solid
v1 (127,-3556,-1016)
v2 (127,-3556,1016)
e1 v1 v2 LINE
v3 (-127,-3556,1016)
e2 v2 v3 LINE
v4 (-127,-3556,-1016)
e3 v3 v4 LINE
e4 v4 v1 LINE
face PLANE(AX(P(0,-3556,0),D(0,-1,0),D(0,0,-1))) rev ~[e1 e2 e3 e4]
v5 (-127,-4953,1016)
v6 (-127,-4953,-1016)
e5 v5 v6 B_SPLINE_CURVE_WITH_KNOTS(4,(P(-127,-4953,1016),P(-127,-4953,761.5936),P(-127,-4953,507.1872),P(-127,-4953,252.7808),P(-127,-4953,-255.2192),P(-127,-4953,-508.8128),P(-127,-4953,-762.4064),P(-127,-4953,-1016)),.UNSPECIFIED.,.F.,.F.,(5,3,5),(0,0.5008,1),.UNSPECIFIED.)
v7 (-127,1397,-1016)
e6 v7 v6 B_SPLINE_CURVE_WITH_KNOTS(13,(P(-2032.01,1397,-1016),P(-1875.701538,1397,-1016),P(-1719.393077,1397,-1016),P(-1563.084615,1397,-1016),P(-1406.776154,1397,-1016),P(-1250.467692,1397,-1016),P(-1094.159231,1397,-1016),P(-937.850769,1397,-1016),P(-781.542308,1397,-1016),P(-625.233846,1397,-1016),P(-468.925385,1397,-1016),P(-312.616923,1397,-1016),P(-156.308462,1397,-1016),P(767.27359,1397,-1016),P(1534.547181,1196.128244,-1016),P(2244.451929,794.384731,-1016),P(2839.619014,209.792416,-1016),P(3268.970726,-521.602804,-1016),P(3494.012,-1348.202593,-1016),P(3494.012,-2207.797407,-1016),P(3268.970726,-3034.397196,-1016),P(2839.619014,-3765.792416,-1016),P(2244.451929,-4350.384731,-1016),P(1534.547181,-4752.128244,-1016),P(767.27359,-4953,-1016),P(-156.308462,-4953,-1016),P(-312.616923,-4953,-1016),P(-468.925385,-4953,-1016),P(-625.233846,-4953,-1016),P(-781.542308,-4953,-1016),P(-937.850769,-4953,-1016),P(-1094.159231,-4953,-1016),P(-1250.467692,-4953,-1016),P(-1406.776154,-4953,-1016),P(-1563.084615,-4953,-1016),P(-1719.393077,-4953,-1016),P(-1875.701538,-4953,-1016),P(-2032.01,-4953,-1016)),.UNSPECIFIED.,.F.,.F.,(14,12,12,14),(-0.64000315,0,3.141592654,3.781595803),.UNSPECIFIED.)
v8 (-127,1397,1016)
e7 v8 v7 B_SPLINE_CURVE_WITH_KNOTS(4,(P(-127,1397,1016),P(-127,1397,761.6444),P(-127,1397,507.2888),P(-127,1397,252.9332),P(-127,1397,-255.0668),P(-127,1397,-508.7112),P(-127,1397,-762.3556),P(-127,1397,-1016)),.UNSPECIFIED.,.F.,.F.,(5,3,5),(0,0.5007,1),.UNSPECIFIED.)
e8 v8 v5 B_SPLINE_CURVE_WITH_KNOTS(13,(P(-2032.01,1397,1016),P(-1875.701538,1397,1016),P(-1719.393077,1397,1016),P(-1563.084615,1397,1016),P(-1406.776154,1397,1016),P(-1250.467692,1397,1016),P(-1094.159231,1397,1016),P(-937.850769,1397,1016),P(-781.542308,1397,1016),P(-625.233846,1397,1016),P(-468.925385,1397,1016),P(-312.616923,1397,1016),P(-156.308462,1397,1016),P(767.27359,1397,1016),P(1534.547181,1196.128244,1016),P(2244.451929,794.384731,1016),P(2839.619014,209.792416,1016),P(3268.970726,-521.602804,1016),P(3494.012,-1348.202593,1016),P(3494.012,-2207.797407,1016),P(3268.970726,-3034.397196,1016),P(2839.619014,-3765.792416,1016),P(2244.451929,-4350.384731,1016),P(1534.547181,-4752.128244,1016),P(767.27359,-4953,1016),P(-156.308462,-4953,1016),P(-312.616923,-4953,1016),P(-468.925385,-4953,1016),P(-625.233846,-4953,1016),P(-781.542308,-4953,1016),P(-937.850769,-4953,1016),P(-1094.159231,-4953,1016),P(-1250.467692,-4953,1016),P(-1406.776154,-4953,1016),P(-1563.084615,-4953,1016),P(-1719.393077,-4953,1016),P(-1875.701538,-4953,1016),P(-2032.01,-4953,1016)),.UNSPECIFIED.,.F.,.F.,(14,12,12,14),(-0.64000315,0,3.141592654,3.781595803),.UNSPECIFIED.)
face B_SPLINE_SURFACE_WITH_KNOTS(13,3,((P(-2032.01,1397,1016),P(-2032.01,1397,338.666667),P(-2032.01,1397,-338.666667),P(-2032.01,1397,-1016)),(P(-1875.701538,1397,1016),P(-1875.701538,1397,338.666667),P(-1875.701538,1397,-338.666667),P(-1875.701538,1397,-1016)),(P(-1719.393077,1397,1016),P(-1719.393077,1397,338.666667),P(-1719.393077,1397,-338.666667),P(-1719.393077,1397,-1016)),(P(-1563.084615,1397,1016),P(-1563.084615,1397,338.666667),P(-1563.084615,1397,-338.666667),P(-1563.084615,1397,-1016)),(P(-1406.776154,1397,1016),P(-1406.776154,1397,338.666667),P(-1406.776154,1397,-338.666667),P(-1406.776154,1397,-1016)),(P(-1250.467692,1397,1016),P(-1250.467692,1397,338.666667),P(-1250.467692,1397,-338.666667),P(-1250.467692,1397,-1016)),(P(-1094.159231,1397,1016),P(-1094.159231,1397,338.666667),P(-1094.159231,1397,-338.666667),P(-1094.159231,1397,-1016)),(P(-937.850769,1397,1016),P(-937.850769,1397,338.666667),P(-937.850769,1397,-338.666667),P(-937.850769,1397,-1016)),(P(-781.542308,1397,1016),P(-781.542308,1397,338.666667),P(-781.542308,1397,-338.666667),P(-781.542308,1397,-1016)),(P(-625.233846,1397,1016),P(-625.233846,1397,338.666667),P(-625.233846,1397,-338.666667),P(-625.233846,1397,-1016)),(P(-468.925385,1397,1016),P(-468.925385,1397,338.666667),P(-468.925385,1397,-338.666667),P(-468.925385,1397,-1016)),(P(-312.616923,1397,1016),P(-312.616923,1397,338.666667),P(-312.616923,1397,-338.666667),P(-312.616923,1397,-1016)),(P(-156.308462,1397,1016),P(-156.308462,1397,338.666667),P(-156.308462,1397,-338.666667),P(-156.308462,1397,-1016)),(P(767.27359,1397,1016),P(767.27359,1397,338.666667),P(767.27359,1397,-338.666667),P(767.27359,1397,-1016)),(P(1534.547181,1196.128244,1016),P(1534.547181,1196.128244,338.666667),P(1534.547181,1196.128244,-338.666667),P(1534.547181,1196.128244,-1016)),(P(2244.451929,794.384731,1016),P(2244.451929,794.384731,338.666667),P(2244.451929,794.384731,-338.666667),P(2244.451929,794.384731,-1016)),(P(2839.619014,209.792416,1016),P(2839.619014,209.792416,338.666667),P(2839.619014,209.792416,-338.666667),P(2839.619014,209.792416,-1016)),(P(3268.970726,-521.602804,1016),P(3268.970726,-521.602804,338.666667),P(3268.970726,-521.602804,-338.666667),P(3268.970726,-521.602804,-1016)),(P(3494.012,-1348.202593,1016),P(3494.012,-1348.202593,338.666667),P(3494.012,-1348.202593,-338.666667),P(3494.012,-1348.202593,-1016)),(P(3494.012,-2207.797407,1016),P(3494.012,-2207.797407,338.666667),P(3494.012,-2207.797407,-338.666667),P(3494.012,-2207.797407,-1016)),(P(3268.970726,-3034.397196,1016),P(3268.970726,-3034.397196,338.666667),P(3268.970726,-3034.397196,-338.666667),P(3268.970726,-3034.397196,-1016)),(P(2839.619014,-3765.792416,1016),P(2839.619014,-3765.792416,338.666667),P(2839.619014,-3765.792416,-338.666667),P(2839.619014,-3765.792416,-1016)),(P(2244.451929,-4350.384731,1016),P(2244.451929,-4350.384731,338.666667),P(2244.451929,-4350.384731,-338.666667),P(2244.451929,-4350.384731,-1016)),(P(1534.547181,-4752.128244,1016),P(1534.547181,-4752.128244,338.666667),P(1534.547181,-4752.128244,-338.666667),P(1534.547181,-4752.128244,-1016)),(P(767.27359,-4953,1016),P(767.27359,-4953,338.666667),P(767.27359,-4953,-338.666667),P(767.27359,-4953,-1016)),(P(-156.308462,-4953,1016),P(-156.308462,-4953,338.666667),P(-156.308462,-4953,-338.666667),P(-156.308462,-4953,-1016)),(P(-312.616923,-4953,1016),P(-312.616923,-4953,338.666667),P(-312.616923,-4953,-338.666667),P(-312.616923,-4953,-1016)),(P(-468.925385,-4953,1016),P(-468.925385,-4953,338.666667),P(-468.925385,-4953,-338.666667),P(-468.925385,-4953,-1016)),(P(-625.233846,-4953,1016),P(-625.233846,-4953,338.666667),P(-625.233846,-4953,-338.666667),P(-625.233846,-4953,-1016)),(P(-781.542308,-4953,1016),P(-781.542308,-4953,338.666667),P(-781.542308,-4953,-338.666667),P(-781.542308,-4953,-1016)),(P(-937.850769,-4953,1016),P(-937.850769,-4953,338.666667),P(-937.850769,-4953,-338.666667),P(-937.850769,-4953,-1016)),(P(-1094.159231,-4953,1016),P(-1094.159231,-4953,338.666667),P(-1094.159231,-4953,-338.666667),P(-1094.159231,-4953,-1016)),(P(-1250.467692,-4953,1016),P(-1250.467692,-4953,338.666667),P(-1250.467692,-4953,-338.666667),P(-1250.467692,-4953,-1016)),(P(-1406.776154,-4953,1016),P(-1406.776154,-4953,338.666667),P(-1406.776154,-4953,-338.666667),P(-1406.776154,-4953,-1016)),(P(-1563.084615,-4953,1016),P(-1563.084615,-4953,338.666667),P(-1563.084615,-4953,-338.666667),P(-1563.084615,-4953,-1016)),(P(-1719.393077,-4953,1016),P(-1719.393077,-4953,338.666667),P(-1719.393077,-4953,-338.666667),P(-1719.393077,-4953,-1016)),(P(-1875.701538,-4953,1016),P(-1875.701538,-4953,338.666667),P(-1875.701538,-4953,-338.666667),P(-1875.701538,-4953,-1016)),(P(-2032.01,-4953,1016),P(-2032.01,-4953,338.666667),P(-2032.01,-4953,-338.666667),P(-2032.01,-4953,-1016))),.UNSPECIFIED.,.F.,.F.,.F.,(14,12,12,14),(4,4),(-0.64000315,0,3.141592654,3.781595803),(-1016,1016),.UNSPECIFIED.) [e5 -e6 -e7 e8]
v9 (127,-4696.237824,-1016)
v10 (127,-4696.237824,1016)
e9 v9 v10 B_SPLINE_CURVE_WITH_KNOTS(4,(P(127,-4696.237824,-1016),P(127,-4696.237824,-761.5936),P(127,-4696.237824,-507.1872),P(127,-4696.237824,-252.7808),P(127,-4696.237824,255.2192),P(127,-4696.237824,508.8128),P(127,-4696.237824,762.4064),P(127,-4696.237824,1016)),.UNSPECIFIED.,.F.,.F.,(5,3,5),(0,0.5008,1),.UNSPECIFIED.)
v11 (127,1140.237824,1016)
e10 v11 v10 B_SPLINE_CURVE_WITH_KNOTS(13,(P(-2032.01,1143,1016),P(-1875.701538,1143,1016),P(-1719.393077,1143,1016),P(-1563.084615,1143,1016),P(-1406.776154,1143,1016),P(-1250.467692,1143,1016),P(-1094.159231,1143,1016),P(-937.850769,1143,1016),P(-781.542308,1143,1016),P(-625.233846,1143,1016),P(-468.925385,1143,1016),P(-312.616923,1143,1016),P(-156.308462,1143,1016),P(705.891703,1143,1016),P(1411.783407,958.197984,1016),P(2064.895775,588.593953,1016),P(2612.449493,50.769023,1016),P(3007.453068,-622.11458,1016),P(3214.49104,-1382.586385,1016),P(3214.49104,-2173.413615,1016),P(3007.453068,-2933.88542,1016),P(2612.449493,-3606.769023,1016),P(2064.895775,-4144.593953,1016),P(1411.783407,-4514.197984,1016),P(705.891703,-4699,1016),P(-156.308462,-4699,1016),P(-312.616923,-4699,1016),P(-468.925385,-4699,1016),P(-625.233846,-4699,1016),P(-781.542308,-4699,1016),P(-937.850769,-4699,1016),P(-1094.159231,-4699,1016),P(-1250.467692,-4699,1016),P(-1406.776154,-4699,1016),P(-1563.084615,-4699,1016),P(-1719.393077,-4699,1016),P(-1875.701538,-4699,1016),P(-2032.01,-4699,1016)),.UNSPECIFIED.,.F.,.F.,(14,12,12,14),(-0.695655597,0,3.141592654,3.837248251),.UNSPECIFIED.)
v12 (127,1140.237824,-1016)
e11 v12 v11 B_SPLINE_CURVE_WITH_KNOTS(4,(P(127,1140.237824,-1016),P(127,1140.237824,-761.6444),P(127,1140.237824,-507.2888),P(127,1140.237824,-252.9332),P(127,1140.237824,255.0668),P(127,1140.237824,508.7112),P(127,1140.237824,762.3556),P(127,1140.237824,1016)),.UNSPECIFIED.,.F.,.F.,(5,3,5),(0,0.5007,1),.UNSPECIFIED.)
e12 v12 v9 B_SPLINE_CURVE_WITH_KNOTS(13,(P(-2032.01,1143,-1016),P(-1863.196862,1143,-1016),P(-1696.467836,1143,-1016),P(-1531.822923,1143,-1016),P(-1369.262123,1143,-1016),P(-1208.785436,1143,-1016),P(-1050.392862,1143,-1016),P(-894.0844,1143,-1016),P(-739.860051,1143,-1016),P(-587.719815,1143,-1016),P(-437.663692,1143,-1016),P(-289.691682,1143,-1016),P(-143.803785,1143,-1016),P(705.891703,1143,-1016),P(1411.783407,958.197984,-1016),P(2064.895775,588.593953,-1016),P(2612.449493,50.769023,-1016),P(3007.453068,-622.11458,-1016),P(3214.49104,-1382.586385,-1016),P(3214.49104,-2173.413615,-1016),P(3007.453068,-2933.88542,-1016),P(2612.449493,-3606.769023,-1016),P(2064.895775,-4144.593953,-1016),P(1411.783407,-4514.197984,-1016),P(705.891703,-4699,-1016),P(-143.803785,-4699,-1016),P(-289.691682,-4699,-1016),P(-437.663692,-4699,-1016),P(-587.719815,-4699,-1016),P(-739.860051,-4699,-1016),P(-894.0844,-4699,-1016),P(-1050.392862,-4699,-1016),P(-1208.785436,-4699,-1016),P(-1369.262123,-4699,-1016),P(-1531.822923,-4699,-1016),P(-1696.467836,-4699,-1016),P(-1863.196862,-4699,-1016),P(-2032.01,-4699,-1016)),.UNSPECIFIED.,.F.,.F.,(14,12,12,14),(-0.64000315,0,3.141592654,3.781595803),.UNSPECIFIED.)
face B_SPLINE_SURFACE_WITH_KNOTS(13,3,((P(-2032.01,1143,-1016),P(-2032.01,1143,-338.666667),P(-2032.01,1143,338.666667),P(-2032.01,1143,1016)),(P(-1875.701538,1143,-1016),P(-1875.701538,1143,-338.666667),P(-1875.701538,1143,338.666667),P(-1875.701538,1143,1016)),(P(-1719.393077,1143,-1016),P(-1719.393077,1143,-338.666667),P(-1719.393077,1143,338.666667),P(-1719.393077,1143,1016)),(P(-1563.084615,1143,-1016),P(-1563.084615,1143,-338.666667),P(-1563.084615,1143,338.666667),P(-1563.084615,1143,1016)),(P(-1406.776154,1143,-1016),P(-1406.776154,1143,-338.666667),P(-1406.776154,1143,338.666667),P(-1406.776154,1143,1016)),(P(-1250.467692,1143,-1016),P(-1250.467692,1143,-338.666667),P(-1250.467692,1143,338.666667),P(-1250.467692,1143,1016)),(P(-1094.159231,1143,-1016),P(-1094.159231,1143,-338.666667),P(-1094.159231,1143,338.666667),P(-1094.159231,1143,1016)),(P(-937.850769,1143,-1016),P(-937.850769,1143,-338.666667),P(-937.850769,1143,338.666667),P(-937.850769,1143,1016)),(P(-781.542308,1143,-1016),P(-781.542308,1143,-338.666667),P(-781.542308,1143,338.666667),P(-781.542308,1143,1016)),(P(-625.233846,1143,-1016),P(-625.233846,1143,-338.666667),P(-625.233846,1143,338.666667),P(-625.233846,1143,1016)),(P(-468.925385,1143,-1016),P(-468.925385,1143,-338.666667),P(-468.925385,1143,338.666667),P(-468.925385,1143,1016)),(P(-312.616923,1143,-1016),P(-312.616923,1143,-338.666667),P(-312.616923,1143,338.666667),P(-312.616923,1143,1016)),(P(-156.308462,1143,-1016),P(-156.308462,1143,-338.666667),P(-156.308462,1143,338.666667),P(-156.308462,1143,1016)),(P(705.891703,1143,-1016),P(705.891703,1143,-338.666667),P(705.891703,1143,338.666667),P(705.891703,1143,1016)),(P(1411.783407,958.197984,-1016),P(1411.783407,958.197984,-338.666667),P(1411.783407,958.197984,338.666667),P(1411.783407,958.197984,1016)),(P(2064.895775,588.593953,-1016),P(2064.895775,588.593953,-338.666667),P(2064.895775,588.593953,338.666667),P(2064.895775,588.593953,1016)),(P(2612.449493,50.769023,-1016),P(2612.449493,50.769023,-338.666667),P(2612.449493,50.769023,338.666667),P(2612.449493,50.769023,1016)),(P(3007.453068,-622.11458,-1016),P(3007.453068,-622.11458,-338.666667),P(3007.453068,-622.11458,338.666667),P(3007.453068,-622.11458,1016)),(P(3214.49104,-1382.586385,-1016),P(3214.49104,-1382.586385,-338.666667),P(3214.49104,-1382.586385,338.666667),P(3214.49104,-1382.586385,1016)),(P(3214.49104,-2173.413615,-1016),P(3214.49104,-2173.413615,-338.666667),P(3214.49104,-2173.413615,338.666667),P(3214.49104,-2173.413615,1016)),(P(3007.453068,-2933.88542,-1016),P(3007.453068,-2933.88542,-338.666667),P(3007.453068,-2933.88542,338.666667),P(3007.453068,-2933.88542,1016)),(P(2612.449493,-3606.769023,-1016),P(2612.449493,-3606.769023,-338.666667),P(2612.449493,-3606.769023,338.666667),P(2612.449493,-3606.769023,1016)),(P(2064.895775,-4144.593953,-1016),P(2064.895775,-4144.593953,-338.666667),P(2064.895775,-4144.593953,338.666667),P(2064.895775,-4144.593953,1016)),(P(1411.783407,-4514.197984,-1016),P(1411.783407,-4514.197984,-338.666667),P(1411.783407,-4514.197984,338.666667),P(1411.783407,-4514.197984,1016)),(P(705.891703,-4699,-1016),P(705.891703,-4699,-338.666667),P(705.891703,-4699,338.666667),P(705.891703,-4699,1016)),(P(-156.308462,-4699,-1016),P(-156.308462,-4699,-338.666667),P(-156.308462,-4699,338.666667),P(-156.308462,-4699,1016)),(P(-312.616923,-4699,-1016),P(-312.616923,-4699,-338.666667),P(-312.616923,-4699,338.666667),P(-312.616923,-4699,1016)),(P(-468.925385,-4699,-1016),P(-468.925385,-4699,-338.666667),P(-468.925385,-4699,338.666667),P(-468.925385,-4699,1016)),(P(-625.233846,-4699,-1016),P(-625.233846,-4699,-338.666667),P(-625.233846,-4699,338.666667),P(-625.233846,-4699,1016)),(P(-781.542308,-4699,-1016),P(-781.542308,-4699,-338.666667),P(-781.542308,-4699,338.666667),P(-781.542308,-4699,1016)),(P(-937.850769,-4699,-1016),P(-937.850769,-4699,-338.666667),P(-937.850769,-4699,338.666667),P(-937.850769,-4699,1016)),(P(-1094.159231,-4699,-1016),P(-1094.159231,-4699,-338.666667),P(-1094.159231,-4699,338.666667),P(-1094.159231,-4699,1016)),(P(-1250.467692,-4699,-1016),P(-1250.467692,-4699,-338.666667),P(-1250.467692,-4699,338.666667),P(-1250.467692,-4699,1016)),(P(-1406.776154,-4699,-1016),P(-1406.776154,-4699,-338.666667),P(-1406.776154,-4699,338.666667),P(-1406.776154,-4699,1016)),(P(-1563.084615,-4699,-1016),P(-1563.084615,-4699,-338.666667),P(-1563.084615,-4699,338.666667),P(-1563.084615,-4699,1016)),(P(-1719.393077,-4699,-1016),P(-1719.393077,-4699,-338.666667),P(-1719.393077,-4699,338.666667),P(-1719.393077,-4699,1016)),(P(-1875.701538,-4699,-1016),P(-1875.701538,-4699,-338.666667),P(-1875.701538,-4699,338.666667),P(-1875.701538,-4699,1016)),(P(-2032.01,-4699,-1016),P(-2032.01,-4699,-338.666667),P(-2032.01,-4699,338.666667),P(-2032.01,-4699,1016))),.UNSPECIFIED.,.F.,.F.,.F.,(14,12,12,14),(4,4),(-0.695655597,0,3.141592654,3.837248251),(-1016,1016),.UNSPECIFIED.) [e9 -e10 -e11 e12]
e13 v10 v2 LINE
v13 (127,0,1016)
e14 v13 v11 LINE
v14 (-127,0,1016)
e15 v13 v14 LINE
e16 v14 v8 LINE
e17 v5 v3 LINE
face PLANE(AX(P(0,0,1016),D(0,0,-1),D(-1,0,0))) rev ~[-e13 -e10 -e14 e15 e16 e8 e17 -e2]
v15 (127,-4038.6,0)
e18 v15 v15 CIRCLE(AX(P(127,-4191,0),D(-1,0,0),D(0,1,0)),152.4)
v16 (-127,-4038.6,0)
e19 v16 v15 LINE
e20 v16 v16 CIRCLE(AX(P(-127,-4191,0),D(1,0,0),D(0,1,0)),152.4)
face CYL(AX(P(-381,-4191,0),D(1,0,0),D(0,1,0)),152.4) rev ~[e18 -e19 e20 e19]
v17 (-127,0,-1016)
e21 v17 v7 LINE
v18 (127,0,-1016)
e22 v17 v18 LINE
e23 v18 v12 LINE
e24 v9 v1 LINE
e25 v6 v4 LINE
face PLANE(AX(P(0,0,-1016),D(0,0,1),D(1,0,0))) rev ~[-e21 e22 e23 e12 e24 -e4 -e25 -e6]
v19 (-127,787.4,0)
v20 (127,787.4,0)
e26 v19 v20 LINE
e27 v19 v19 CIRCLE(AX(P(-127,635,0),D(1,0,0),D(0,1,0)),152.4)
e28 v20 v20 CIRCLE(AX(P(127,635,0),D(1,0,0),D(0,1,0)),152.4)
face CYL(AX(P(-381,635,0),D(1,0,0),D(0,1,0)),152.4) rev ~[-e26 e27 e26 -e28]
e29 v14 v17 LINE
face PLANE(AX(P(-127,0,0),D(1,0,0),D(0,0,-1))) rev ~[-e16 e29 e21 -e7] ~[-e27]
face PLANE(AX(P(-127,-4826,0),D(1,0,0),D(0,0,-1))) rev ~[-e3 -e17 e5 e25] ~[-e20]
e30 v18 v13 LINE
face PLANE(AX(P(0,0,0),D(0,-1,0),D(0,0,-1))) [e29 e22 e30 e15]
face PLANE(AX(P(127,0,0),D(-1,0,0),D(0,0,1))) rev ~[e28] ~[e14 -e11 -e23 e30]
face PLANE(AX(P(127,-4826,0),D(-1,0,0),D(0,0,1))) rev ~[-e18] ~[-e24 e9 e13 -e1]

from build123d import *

# Parameters (mm, degrees)
F0_W     = 254
F0_H     = 2032
F5_D     = 304.8
F5_DEPTH = 254
F5_TIP   = 91.5711583398


with BuildPart() as f2:
    # F2: sweep along a path in F1
    with BuildLine(Plane.XY) as f2_path:
        Line((0, 0), (0, 1270))
        ThreePointArc((0, 1270), (3048, -1778), (0, -4826))
        Line((0, -4826), (0, -3556))
    # F0 (on Front) → F2 (sweep)
    with BuildSketch(Plane.XZ):
        Rectangle(F0_W, F0_H)
    sweep(path=f2_path.line, transition=Transition.RIGHT)

    # F5
    with Locations(Plane(origin=(-127, 0, 0), x_dir=(0, -1, 0), z_dir=(-1, 0, 0))):
        with Locations((4191, 0), (-635, 0)):
            Hole(F5_D / 2, depth=F5_DEPTH)
            with Locations((0, 0, -(F5_DEPTH + F5_TIP / 2))):  # 118° drill point
                Cone(0, F5_D / 2, F5_TIP, mode=Mode.SUBTRACT)


solid = f2.part
